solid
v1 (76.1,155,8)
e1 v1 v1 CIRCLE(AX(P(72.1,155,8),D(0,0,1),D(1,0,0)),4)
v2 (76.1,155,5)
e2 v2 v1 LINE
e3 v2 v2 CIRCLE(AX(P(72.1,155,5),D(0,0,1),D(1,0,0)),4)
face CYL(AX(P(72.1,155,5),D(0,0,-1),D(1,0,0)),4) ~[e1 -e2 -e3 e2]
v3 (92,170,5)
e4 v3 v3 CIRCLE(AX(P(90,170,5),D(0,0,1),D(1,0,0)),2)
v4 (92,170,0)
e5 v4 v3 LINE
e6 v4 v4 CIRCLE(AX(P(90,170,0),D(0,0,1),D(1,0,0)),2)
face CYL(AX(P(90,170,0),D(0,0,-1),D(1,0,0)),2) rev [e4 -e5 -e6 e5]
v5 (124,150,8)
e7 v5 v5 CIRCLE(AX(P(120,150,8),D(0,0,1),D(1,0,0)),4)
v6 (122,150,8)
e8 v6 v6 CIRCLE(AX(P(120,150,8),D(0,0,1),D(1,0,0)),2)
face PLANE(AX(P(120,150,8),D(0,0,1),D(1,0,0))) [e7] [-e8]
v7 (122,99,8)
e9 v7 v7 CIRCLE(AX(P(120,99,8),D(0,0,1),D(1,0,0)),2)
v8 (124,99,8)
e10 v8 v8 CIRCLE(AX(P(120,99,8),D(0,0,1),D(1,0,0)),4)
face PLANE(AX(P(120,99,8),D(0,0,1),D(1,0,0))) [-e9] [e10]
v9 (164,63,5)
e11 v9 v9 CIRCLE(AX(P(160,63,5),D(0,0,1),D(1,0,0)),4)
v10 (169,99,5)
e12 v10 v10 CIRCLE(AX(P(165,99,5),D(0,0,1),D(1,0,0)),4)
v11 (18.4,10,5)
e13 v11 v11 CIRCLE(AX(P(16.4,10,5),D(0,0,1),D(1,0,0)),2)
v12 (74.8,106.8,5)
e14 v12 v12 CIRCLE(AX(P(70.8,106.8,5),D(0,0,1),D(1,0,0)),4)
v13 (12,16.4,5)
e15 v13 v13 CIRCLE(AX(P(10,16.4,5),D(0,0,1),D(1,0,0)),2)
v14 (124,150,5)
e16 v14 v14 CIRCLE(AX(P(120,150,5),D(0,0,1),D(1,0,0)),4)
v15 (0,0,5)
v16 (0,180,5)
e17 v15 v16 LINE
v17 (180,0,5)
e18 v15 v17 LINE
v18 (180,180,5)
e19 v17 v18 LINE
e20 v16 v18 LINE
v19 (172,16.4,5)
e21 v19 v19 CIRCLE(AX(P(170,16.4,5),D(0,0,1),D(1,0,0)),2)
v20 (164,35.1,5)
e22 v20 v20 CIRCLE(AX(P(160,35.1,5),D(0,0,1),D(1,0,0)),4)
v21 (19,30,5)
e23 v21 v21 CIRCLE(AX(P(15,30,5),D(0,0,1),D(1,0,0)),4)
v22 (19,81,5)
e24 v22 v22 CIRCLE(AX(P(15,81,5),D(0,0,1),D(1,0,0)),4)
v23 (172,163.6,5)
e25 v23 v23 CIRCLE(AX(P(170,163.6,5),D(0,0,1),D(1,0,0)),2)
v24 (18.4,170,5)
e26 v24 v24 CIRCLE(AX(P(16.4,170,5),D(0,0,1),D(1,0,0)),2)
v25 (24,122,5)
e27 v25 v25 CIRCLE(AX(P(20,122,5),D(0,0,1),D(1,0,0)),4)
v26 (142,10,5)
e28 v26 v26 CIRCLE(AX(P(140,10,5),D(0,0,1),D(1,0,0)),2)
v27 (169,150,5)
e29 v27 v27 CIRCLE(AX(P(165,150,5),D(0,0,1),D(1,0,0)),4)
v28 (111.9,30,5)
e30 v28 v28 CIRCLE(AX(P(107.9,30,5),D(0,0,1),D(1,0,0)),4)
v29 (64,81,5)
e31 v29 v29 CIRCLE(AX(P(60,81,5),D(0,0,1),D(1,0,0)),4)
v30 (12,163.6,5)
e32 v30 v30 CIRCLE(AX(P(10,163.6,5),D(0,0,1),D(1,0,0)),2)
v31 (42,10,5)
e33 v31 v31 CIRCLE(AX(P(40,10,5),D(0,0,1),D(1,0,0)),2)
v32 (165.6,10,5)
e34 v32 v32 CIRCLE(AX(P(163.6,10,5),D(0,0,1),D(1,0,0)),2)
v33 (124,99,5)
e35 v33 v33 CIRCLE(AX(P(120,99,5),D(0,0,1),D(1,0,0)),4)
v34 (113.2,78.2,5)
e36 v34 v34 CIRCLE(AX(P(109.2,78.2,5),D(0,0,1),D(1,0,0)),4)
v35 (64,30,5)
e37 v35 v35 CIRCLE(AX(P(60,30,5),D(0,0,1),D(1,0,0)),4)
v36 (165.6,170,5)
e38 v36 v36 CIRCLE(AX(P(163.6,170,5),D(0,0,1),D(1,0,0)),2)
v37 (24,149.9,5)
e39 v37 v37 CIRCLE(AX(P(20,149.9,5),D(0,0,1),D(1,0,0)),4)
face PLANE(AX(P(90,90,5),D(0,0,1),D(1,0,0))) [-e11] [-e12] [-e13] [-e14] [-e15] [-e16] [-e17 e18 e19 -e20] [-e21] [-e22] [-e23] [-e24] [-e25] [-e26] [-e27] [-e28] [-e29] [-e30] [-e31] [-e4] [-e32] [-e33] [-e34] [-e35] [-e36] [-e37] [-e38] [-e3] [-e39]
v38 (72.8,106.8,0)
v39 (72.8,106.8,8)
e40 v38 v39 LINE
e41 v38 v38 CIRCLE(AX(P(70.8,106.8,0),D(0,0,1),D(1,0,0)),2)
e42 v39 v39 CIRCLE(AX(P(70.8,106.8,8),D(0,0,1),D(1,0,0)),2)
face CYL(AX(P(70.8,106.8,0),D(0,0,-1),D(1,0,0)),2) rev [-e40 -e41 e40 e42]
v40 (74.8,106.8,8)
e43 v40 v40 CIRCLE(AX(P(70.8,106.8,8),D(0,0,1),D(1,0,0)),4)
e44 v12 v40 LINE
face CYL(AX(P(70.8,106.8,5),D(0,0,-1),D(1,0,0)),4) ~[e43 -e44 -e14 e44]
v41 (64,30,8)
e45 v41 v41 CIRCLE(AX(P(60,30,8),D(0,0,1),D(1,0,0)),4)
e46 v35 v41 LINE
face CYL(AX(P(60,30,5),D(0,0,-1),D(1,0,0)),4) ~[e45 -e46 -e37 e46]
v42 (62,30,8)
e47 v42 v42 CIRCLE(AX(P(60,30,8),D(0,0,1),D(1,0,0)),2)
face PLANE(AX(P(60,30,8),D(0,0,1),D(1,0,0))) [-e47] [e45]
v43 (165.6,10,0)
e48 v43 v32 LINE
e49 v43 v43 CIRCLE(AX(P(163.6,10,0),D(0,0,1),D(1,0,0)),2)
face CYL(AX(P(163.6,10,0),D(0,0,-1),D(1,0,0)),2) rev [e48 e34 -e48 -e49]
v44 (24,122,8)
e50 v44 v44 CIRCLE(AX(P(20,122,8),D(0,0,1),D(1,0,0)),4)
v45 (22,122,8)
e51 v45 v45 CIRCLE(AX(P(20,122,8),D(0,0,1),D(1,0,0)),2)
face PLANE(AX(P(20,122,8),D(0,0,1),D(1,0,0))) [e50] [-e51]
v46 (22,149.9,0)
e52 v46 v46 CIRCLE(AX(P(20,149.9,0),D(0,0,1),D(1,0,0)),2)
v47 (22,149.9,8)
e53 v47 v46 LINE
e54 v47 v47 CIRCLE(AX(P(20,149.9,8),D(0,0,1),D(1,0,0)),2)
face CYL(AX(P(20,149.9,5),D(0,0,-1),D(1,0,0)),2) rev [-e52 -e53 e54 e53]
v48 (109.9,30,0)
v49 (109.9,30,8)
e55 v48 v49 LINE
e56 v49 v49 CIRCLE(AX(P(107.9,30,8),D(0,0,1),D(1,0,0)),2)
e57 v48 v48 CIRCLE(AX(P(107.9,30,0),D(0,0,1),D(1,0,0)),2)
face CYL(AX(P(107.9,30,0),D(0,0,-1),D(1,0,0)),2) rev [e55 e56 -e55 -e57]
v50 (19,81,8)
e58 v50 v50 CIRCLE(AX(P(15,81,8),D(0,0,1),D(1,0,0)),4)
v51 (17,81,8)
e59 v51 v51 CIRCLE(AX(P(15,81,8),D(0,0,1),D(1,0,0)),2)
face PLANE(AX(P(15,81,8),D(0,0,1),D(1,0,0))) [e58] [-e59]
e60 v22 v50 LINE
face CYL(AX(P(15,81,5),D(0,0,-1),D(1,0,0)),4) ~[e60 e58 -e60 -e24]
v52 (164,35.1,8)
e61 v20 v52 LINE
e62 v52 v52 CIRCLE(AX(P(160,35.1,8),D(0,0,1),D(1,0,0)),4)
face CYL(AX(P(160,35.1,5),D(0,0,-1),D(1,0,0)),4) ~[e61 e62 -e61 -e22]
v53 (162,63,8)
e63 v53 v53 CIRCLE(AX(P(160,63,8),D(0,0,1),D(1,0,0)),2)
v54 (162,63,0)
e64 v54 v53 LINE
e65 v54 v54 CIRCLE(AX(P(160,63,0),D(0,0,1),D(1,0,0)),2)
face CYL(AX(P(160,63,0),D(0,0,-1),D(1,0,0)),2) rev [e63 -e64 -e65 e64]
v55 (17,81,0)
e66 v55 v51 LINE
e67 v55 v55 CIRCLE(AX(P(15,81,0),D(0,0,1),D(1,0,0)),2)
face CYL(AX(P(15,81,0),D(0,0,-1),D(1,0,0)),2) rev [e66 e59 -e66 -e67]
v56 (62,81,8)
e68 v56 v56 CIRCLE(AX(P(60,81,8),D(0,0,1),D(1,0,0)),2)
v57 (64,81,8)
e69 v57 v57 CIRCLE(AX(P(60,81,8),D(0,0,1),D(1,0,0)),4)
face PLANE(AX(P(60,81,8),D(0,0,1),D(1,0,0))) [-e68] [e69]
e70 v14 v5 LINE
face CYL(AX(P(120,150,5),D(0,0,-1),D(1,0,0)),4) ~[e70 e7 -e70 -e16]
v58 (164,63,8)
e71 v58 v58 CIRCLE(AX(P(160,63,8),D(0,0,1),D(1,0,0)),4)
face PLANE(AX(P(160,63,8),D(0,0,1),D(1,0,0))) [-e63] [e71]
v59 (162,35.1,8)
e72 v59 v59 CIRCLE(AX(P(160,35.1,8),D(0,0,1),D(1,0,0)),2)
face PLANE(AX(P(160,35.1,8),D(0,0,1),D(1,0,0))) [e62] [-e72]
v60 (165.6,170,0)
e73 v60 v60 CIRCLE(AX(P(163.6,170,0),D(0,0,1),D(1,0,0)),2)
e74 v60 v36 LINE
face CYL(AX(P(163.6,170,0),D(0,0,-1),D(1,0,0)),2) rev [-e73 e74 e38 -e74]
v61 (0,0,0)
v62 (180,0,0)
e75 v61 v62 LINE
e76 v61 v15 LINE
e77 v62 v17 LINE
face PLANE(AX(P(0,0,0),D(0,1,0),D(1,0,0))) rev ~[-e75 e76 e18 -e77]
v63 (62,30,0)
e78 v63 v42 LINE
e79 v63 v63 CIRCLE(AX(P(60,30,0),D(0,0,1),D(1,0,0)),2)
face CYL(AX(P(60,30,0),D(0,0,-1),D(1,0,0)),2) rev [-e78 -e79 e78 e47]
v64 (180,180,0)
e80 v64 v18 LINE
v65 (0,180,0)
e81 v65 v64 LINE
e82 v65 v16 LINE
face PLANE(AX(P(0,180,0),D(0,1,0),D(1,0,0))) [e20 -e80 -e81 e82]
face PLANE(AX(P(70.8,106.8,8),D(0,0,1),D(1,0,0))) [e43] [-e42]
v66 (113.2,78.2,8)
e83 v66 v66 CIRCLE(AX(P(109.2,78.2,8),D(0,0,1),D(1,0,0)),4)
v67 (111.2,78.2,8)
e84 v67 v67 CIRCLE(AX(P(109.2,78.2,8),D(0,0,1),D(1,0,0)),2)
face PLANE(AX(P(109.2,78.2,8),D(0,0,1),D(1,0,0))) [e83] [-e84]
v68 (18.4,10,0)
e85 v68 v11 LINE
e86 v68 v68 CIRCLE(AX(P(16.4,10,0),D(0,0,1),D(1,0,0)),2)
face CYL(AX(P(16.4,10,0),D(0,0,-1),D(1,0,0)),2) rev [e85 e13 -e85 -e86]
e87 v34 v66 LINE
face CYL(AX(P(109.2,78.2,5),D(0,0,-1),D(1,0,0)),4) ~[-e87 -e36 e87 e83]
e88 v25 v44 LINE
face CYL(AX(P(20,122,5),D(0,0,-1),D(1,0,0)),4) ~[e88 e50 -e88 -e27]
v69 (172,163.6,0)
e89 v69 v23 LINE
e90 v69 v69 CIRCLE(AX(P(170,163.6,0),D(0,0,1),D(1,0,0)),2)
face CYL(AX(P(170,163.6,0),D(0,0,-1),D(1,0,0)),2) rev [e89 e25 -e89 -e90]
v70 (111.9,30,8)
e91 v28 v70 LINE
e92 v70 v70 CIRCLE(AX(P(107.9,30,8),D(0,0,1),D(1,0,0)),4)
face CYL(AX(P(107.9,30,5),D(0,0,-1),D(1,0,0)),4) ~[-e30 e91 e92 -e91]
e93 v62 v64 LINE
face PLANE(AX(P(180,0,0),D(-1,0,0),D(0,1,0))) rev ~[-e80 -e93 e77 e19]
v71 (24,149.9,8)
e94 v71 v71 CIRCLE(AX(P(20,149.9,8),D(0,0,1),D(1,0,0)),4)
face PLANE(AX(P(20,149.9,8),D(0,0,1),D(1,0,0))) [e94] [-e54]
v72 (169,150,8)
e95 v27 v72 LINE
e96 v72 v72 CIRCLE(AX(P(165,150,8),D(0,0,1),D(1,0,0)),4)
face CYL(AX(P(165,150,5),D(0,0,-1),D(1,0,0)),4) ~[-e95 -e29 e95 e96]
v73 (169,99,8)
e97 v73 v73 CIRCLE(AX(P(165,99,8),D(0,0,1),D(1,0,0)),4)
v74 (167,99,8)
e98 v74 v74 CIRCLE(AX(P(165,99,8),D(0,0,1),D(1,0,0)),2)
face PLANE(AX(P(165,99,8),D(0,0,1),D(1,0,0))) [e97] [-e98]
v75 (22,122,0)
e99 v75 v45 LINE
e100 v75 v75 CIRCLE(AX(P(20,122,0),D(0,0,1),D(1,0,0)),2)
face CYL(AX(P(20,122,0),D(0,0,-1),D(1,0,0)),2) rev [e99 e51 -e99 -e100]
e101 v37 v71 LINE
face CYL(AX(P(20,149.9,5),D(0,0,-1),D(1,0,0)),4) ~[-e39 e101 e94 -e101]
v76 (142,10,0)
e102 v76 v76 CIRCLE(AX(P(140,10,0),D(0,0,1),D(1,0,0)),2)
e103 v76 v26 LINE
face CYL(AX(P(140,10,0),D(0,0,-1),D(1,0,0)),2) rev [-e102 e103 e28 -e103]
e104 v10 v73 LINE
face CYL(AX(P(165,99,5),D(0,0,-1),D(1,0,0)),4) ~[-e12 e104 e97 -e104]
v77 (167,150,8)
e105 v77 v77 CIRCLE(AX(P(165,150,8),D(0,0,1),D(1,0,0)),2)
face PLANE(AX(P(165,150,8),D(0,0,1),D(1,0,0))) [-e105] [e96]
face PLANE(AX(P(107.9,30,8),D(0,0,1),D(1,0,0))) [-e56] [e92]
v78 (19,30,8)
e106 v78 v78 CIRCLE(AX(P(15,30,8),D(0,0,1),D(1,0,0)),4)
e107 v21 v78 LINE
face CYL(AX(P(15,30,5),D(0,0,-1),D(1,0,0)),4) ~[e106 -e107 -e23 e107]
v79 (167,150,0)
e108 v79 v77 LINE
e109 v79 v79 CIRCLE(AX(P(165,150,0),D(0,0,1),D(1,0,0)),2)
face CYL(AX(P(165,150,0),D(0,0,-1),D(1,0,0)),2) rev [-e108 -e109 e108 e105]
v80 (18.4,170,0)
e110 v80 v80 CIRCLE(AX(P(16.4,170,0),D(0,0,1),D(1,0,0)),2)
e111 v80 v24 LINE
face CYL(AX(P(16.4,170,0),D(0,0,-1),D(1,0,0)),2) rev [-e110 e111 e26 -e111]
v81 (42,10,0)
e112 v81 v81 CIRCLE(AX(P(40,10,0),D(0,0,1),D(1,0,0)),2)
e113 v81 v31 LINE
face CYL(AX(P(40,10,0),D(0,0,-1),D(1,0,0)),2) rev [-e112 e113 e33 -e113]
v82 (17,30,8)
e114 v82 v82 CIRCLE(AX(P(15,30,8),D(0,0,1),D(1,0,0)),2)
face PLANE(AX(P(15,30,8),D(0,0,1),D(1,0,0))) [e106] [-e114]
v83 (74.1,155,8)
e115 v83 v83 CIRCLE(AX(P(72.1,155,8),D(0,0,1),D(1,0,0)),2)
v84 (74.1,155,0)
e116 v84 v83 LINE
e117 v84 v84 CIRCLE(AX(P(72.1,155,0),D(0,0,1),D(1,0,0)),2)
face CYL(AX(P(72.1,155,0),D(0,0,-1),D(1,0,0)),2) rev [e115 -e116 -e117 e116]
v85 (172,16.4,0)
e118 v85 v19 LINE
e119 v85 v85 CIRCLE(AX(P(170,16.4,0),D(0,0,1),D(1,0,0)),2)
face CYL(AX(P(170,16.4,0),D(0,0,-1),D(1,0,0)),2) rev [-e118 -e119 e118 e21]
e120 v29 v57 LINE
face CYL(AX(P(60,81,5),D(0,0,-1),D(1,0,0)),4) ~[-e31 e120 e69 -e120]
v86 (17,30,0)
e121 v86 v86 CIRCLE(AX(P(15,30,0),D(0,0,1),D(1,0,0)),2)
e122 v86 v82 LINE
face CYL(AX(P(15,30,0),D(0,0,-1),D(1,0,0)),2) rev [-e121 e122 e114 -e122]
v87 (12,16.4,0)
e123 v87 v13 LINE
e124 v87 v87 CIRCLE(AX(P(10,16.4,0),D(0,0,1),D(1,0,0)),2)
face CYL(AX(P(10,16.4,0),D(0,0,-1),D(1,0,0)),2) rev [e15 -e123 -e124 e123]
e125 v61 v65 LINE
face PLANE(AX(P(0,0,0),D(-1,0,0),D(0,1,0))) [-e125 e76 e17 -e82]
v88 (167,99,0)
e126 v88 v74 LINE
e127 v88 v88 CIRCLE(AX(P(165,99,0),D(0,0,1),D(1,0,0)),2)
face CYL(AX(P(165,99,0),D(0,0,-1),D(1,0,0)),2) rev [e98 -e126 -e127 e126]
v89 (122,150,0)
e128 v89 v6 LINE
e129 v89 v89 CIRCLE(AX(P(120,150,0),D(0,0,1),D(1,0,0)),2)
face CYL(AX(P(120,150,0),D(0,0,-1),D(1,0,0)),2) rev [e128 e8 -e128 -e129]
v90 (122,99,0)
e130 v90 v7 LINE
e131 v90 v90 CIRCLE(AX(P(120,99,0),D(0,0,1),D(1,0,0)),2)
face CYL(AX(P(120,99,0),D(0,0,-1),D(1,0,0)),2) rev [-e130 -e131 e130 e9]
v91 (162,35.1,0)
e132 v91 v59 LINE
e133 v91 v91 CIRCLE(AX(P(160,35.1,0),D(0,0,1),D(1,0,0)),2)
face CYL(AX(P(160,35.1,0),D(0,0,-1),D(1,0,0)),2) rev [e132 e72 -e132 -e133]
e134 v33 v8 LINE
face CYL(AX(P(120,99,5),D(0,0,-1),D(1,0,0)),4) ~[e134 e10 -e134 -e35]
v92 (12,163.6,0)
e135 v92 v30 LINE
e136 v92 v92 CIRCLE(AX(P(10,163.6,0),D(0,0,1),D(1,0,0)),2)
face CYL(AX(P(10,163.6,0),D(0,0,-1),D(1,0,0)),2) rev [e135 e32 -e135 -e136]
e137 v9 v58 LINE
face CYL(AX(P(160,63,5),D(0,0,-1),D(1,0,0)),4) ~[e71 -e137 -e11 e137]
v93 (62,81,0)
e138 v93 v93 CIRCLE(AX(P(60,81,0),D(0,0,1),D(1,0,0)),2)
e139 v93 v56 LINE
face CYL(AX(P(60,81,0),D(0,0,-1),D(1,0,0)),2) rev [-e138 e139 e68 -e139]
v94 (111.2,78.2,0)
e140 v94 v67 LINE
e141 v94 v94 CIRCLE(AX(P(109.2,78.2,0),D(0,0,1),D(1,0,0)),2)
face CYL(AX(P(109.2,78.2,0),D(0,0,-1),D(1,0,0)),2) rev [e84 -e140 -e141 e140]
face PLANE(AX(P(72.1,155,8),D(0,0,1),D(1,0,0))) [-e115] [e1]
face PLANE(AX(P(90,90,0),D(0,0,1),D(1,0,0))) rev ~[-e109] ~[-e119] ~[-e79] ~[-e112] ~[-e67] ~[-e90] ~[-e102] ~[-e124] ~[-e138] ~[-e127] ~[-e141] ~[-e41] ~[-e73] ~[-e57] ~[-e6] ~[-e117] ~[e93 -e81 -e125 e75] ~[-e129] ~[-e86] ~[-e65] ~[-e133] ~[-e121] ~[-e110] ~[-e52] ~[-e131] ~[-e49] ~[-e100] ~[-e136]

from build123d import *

# Parameters (mm, degrees)
SKETCH_W      = 180
SKETCH_H      = 180
SKETCH_R      = 2
PAD_DEPTH     = 5
SKETCH001_R   = 4
SKETCH001_R_2 = 2
PAD001_DEPTH  = 3


with BuildPart() as part:
    # Sketch → Pad (new body)
    with BuildSketch(Plane.XY):
        with Locations((90, 90)):
            Rectangle(SKETCH_W, SKETCH_H)
        with Locations((15, 30)):
            Circle(SKETCH_R, mode=Mode.SUBTRACT)
        with Locations((15, 81)):
            Circle(SKETCH_R, mode=Mode.SUBTRACT)
        with Locations((60, 30)):
            Circle(SKETCH_R, mode=Mode.SUBTRACT)
        with Locations((60, 81)):
            Circle(SKETCH_R, mode=Mode.SUBTRACT)
        with Locations((120, 150)):
            Circle(SKETCH_R, mode=Mode.SUBTRACT)
        with Locations((165, 150)):
            Circle(SKETCH_R, mode=Mode.SUBTRACT)
        with Locations((120, 99)):
            Circle(SKETCH_R, mode=Mode.SUBTRACT)
        with Locations((165, 99)):
            Circle(SKETCH_R, mode=Mode.SUBTRACT)
        with Locations((10, 16.4)):
            Circle(SKETCH_R, mode=Mode.SUBTRACT)
        with Locations((16.4, 10)):
            Circle(SKETCH_R, mode=Mode.SUBTRACT)
        with Locations((170, 16.4)):
            Circle(SKETCH_R, mode=Mode.SUBTRACT)
        with Locations((163.6, 10)):
            Circle(SKETCH_R, mode=Mode.SUBTRACT)
        with Locations((10, 163.6)):
            Circle(SKETCH_R, mode=Mode.SUBTRACT)
        with Locations((16.4, 170)):
            Circle(SKETCH_R, mode=Mode.SUBTRACT)
        with Locations((163.6, 170)):
            Circle(SKETCH_R, mode=Mode.SUBTRACT)
        with Locations((170, 163.6)):
            Circle(SKETCH_R, mode=Mode.SUBTRACT)
        with Locations((72.1, 155)):
            Circle(SKETCH_R, mode=Mode.SUBTRACT)
        with Locations((20, 149.9)):
            Circle(SKETCH_R, mode=Mode.SUBTRACT)
        with Locations((20, 122)):
            Circle(SKETCH_R, mode=Mode.SUBTRACT)
        with Locations((70.8, 106.8)):
            Circle(SKETCH_R, mode=Mode.SUBTRACT)
        with Locations((107.9, 30)):
            Circle(SKETCH_R, mode=Mode.SUBTRACT)
        with Locations((109.2, 78.2)):
            Circle(SKETCH_R, mode=Mode.SUBTRACT)
        with Locations((160, 63)):
            Circle(SKETCH_R, mode=Mode.SUBTRACT)
        with Locations((160, 35.1)):
            Circle(SKETCH_R, mode=Mode.SUBTRACT)
        with Locations((90, 170)):
            Circle(SKETCH_R, mode=Mode.SUBTRACT)
        with Locations((40, 10)):
            Circle(SKETCH_R, mode=Mode.SUBTRACT)
        with Locations((140, 10)):
            Circle(SKETCH_R, mode=Mode.SUBTRACT)
    extrude(amount=PAD_DEPTH)

    # Sketch001 (on Face33 of Pad) → Pad001 (join)
    with BuildSketch(Plane.XY.offset(5)):
        with Locations((20, 149.9)):
            Circle(SKETCH001_R)
        with Locations((20, 149.9)):
            Circle(SKETCH001_R_2, mode=Mode.SUBTRACT)
        with Locations((72.1, 155)):
            Circle(SKETCH001_R)
        with Locations((72.1, 155)):
            Circle(SKETCH001_R_2, mode=Mode.SUBTRACT)
        with Locations((20, 122)):
            Circle(SKETCH001_R)
        with Locations((20, 122)):
            Circle(SKETCH001_R_2, mode=Mode.SUBTRACT)
        with Locations((70.8, 106.8)):
            Circle(SKETCH001_R)
        with Locations((70.8, 106.8)):
            Circle(SKETCH001_R_2, mode=Mode.SUBTRACT)
        with Locations((15, 81)):
            Circle(SKETCH001_R)
        with Locations((15, 81)):
            Circle(SKETCH001_R_2, mode=Mode.SUBTRACT)
        with Locations((60, 81)):
            Circle(SKETCH001_R)
        with Locations((60, 81)):
            Circle(SKETCH001_R_2, mode=Mode.SUBTRACT)
        with Locations((60, 30)):
            Circle(SKETCH001_R)
        with Locations((60, 30)):
            Circle(SKETCH001_R_2, mode=Mode.SUBTRACT)
        with Locations((15, 30)):
            Circle(SKETCH001_R)
        with Locations((15, 30)):
            Circle(SKETCH001_R_2, mode=Mode.SUBTRACT)
        with Locations((107.9, 30)):
            Circle(SKETCH001_R)
        with Locations((107.9, 30)):
            Circle(SKETCH001_R_2, mode=Mode.SUBTRACT)
        with Locations((160, 35.1)):
            Circle(SKETCH001_R)
        with Locations((160, 35.1)):
            Circle(SKETCH001_R_2, mode=Mode.SUBTRACT)
        with Locations((109.2, 78.2)):
            Circle(SKETCH001_R)
        with Locations((109.2, 78.2)):
            Circle(SKETCH001_R_2, mode=Mode.SUBTRACT)
        with Locations((160, 63)):
            Circle(SKETCH001_R)
        with Locations((160, 63)):
            Circle(SKETCH001_R_2, mode=Mode.SUBTRACT)
        with Locations((120, 99)):
            Circle(SKETCH001_R)
        with Locations((120, 99)):
            Circle(SKETCH001_R_2, mode=Mode.SUBTRACT)
        with Locations((165, 99)):
            Circle(SKETCH001_R)
        with Locations((165, 99)):
            Circle(SKETCH001_R_2, mode=Mode.SUBTRACT)
        with Locations((120, 150)):
            Circle(SKETCH001_R)
        with Locations((120, 150)):
            Circle(SKETCH001_R_2, mode=Mode.SUBTRACT)
        with Locations((165, 150)):
            Circle(SKETCH001_R)
        with Locations((165, 150)):
            Circle(SKETCH001_R_2, mode=Mode.SUBTRACT)
    extrude(amount=PAD001_DEPTH)


solid = part.part
